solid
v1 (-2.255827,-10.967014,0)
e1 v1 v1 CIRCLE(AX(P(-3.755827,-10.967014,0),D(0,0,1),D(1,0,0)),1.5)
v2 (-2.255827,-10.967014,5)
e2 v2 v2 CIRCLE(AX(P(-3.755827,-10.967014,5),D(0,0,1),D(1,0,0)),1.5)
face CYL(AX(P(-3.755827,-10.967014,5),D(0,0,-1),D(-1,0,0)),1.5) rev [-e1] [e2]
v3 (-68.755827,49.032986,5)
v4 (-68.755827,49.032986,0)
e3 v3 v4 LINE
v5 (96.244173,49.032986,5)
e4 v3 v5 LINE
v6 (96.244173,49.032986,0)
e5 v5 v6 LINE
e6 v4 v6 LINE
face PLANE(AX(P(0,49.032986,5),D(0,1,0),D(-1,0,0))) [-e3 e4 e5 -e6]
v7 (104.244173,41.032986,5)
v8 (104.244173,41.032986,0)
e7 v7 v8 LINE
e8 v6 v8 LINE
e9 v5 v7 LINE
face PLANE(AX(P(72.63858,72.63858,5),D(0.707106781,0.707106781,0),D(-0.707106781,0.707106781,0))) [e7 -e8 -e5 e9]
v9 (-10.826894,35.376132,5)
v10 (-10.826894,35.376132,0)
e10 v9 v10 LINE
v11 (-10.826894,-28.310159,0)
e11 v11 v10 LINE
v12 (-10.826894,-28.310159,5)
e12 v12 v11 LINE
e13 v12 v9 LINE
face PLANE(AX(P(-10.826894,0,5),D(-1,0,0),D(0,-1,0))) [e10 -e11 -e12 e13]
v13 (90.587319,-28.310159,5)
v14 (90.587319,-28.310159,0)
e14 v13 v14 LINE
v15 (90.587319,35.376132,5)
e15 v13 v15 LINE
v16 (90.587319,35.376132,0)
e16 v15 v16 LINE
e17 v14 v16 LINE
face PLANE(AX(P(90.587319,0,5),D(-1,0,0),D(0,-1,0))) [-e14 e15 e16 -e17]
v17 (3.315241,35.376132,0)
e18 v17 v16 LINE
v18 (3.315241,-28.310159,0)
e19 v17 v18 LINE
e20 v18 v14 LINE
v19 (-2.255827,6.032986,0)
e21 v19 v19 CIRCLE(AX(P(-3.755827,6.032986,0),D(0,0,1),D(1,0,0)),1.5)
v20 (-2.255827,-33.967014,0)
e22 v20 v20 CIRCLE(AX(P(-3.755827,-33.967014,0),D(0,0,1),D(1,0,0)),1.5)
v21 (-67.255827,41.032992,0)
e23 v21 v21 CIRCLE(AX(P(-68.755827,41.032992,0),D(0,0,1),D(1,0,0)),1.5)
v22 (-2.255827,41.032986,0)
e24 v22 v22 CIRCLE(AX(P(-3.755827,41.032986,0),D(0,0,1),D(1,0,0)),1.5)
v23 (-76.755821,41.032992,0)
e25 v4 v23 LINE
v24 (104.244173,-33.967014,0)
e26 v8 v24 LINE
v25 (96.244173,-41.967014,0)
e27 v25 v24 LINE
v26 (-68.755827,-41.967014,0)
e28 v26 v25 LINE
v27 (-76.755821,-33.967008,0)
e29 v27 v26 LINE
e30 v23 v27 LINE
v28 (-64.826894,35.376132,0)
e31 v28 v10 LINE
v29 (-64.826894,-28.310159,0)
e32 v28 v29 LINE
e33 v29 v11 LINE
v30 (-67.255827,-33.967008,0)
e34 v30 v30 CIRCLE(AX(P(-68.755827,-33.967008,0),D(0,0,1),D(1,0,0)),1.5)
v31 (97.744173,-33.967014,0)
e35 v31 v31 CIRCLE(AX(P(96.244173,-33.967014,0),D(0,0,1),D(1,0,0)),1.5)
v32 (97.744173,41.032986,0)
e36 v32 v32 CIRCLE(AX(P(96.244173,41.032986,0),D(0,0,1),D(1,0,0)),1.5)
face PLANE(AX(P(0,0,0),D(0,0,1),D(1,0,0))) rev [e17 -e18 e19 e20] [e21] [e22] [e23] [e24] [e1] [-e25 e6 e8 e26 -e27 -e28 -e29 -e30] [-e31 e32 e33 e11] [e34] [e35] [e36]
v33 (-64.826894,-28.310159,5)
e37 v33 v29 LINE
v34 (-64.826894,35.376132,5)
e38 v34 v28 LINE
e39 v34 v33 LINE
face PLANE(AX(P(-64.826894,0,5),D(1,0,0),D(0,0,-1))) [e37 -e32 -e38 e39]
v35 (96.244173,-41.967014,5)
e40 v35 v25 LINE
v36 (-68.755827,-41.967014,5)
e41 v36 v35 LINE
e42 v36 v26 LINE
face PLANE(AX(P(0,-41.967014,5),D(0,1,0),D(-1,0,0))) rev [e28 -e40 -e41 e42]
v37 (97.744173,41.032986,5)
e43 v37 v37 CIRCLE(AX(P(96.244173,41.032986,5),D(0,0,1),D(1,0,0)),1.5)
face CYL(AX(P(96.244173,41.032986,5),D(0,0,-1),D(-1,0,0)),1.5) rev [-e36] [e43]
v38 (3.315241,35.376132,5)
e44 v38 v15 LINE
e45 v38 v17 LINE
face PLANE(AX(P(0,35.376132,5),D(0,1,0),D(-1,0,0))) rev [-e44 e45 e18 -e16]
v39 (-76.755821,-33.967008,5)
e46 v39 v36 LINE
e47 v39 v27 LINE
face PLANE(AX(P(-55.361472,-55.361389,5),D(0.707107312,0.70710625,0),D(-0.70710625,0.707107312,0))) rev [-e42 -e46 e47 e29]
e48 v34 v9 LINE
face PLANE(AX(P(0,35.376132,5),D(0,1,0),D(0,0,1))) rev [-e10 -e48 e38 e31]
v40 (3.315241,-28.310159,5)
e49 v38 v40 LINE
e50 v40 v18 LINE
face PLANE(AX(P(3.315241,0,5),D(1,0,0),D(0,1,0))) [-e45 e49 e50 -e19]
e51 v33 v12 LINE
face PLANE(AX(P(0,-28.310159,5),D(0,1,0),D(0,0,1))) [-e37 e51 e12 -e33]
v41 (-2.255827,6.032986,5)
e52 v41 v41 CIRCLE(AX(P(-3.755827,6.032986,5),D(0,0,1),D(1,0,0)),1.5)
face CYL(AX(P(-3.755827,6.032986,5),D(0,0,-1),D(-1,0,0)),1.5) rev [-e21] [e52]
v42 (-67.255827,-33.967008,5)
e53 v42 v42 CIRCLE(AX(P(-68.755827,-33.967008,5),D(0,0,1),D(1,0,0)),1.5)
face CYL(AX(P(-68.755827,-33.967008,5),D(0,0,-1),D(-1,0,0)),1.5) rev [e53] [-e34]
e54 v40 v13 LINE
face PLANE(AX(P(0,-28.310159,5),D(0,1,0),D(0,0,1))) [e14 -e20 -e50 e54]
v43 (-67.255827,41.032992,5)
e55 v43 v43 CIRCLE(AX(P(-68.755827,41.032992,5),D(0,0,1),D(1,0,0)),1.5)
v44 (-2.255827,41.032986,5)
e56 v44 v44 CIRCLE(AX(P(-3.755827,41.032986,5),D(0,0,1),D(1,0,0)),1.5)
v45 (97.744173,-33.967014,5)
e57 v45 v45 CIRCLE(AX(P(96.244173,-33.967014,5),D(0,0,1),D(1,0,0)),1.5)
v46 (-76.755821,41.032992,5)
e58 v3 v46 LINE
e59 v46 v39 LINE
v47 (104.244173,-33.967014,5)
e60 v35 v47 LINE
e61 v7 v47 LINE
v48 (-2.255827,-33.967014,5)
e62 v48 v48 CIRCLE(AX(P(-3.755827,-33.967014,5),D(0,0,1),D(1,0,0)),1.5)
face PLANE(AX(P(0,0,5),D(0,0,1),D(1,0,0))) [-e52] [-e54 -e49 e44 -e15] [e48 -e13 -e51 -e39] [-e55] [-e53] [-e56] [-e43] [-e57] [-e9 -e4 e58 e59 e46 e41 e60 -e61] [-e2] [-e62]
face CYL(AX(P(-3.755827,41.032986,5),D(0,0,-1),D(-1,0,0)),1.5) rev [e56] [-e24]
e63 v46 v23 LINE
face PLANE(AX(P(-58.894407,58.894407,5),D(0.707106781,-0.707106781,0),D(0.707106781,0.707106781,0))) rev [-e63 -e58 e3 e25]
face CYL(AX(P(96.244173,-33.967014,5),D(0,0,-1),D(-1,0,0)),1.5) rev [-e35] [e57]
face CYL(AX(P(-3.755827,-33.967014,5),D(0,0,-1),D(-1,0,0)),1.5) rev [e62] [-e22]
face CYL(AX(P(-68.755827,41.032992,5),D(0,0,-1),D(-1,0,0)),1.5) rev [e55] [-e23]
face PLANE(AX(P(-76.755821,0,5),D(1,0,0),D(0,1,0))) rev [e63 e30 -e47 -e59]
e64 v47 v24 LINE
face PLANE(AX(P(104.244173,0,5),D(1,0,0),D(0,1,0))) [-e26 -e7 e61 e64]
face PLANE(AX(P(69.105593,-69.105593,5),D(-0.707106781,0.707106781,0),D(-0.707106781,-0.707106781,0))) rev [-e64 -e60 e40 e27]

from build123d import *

# Parameters (mm, degrees)
SKETCH_1_R      = 1.5
EXTRUDE_1_DEPTH = 5


with BuildPart() as part:
    # 草图1 → 凸台-拉伸1 (new body)
    with BuildSketch(Plane.XY):
        Polygon((96.244173447, 49.032986466), (-3.755826553, 49.032986466), (-68.755826553, 49.032986466), (-76.755820543, 41.032992475), (-76.755820543, -33.967007525), (-68.755826553, -41.967013534), (96.244173447, -41.967013534), (104.244173447, -33.967013534), (104.244173447, 41.032986466), align=None)
        with Locations((-68.755826553, -33.967007525)):
            Circle(SKETCH_1_R, mode=Mode.SUBTRACT)
        with Locations((-3.755826553, -33.967013534)):
            Circle(SKETCH_1_R, mode=Mode.SUBTRACT)
        with Locations((-3.755826553, -10.967013534)):
            Circle(SKETCH_1_R, mode=Mode.SUBTRACT)
        with Locations((96.244173447, -33.967013534)):
            Circle(SKETCH_1_R, mode=Mode.SUBTRACT)
        Polygon((-64.826894365, -28.310159285), (-64.826894365, 35.376132216), (-10.826894365, 35.376132216), (-10.826894365, 28.305064404), (-10.826894365, -28.310159285), align=None, mode=Mode.SUBTRACT)
        with Locations((-3.755826553, 6.032986466)):
            Circle(SKETCH_1_R, mode=Mode.SUBTRACT)
        with Locations((-68.755826553, 41.032992475)):
            Circle(SKETCH_1_R, mode=Mode.SUBTRACT)
        with Locations((-3.755826553, 41.032986466)):
            Circle(SKETCH_1_R, mode=Mode.SUBTRACT)
        Polygon((90.587319198, -28.310159285), (3.315241259, -28.310159285), (3.315241259, 28.305064404), (3.315241259, 35.376132216), (90.587319198, 35.376132216), align=None, mode=Mode.SUBTRACT)
        with Locations((96.244173447, 41.032986466)):
            Circle(SKETCH_1_R, mode=Mode.SUBTRACT)
    extrude(amount=EXTRUDE_1_DEPTH)


solid = part.part
